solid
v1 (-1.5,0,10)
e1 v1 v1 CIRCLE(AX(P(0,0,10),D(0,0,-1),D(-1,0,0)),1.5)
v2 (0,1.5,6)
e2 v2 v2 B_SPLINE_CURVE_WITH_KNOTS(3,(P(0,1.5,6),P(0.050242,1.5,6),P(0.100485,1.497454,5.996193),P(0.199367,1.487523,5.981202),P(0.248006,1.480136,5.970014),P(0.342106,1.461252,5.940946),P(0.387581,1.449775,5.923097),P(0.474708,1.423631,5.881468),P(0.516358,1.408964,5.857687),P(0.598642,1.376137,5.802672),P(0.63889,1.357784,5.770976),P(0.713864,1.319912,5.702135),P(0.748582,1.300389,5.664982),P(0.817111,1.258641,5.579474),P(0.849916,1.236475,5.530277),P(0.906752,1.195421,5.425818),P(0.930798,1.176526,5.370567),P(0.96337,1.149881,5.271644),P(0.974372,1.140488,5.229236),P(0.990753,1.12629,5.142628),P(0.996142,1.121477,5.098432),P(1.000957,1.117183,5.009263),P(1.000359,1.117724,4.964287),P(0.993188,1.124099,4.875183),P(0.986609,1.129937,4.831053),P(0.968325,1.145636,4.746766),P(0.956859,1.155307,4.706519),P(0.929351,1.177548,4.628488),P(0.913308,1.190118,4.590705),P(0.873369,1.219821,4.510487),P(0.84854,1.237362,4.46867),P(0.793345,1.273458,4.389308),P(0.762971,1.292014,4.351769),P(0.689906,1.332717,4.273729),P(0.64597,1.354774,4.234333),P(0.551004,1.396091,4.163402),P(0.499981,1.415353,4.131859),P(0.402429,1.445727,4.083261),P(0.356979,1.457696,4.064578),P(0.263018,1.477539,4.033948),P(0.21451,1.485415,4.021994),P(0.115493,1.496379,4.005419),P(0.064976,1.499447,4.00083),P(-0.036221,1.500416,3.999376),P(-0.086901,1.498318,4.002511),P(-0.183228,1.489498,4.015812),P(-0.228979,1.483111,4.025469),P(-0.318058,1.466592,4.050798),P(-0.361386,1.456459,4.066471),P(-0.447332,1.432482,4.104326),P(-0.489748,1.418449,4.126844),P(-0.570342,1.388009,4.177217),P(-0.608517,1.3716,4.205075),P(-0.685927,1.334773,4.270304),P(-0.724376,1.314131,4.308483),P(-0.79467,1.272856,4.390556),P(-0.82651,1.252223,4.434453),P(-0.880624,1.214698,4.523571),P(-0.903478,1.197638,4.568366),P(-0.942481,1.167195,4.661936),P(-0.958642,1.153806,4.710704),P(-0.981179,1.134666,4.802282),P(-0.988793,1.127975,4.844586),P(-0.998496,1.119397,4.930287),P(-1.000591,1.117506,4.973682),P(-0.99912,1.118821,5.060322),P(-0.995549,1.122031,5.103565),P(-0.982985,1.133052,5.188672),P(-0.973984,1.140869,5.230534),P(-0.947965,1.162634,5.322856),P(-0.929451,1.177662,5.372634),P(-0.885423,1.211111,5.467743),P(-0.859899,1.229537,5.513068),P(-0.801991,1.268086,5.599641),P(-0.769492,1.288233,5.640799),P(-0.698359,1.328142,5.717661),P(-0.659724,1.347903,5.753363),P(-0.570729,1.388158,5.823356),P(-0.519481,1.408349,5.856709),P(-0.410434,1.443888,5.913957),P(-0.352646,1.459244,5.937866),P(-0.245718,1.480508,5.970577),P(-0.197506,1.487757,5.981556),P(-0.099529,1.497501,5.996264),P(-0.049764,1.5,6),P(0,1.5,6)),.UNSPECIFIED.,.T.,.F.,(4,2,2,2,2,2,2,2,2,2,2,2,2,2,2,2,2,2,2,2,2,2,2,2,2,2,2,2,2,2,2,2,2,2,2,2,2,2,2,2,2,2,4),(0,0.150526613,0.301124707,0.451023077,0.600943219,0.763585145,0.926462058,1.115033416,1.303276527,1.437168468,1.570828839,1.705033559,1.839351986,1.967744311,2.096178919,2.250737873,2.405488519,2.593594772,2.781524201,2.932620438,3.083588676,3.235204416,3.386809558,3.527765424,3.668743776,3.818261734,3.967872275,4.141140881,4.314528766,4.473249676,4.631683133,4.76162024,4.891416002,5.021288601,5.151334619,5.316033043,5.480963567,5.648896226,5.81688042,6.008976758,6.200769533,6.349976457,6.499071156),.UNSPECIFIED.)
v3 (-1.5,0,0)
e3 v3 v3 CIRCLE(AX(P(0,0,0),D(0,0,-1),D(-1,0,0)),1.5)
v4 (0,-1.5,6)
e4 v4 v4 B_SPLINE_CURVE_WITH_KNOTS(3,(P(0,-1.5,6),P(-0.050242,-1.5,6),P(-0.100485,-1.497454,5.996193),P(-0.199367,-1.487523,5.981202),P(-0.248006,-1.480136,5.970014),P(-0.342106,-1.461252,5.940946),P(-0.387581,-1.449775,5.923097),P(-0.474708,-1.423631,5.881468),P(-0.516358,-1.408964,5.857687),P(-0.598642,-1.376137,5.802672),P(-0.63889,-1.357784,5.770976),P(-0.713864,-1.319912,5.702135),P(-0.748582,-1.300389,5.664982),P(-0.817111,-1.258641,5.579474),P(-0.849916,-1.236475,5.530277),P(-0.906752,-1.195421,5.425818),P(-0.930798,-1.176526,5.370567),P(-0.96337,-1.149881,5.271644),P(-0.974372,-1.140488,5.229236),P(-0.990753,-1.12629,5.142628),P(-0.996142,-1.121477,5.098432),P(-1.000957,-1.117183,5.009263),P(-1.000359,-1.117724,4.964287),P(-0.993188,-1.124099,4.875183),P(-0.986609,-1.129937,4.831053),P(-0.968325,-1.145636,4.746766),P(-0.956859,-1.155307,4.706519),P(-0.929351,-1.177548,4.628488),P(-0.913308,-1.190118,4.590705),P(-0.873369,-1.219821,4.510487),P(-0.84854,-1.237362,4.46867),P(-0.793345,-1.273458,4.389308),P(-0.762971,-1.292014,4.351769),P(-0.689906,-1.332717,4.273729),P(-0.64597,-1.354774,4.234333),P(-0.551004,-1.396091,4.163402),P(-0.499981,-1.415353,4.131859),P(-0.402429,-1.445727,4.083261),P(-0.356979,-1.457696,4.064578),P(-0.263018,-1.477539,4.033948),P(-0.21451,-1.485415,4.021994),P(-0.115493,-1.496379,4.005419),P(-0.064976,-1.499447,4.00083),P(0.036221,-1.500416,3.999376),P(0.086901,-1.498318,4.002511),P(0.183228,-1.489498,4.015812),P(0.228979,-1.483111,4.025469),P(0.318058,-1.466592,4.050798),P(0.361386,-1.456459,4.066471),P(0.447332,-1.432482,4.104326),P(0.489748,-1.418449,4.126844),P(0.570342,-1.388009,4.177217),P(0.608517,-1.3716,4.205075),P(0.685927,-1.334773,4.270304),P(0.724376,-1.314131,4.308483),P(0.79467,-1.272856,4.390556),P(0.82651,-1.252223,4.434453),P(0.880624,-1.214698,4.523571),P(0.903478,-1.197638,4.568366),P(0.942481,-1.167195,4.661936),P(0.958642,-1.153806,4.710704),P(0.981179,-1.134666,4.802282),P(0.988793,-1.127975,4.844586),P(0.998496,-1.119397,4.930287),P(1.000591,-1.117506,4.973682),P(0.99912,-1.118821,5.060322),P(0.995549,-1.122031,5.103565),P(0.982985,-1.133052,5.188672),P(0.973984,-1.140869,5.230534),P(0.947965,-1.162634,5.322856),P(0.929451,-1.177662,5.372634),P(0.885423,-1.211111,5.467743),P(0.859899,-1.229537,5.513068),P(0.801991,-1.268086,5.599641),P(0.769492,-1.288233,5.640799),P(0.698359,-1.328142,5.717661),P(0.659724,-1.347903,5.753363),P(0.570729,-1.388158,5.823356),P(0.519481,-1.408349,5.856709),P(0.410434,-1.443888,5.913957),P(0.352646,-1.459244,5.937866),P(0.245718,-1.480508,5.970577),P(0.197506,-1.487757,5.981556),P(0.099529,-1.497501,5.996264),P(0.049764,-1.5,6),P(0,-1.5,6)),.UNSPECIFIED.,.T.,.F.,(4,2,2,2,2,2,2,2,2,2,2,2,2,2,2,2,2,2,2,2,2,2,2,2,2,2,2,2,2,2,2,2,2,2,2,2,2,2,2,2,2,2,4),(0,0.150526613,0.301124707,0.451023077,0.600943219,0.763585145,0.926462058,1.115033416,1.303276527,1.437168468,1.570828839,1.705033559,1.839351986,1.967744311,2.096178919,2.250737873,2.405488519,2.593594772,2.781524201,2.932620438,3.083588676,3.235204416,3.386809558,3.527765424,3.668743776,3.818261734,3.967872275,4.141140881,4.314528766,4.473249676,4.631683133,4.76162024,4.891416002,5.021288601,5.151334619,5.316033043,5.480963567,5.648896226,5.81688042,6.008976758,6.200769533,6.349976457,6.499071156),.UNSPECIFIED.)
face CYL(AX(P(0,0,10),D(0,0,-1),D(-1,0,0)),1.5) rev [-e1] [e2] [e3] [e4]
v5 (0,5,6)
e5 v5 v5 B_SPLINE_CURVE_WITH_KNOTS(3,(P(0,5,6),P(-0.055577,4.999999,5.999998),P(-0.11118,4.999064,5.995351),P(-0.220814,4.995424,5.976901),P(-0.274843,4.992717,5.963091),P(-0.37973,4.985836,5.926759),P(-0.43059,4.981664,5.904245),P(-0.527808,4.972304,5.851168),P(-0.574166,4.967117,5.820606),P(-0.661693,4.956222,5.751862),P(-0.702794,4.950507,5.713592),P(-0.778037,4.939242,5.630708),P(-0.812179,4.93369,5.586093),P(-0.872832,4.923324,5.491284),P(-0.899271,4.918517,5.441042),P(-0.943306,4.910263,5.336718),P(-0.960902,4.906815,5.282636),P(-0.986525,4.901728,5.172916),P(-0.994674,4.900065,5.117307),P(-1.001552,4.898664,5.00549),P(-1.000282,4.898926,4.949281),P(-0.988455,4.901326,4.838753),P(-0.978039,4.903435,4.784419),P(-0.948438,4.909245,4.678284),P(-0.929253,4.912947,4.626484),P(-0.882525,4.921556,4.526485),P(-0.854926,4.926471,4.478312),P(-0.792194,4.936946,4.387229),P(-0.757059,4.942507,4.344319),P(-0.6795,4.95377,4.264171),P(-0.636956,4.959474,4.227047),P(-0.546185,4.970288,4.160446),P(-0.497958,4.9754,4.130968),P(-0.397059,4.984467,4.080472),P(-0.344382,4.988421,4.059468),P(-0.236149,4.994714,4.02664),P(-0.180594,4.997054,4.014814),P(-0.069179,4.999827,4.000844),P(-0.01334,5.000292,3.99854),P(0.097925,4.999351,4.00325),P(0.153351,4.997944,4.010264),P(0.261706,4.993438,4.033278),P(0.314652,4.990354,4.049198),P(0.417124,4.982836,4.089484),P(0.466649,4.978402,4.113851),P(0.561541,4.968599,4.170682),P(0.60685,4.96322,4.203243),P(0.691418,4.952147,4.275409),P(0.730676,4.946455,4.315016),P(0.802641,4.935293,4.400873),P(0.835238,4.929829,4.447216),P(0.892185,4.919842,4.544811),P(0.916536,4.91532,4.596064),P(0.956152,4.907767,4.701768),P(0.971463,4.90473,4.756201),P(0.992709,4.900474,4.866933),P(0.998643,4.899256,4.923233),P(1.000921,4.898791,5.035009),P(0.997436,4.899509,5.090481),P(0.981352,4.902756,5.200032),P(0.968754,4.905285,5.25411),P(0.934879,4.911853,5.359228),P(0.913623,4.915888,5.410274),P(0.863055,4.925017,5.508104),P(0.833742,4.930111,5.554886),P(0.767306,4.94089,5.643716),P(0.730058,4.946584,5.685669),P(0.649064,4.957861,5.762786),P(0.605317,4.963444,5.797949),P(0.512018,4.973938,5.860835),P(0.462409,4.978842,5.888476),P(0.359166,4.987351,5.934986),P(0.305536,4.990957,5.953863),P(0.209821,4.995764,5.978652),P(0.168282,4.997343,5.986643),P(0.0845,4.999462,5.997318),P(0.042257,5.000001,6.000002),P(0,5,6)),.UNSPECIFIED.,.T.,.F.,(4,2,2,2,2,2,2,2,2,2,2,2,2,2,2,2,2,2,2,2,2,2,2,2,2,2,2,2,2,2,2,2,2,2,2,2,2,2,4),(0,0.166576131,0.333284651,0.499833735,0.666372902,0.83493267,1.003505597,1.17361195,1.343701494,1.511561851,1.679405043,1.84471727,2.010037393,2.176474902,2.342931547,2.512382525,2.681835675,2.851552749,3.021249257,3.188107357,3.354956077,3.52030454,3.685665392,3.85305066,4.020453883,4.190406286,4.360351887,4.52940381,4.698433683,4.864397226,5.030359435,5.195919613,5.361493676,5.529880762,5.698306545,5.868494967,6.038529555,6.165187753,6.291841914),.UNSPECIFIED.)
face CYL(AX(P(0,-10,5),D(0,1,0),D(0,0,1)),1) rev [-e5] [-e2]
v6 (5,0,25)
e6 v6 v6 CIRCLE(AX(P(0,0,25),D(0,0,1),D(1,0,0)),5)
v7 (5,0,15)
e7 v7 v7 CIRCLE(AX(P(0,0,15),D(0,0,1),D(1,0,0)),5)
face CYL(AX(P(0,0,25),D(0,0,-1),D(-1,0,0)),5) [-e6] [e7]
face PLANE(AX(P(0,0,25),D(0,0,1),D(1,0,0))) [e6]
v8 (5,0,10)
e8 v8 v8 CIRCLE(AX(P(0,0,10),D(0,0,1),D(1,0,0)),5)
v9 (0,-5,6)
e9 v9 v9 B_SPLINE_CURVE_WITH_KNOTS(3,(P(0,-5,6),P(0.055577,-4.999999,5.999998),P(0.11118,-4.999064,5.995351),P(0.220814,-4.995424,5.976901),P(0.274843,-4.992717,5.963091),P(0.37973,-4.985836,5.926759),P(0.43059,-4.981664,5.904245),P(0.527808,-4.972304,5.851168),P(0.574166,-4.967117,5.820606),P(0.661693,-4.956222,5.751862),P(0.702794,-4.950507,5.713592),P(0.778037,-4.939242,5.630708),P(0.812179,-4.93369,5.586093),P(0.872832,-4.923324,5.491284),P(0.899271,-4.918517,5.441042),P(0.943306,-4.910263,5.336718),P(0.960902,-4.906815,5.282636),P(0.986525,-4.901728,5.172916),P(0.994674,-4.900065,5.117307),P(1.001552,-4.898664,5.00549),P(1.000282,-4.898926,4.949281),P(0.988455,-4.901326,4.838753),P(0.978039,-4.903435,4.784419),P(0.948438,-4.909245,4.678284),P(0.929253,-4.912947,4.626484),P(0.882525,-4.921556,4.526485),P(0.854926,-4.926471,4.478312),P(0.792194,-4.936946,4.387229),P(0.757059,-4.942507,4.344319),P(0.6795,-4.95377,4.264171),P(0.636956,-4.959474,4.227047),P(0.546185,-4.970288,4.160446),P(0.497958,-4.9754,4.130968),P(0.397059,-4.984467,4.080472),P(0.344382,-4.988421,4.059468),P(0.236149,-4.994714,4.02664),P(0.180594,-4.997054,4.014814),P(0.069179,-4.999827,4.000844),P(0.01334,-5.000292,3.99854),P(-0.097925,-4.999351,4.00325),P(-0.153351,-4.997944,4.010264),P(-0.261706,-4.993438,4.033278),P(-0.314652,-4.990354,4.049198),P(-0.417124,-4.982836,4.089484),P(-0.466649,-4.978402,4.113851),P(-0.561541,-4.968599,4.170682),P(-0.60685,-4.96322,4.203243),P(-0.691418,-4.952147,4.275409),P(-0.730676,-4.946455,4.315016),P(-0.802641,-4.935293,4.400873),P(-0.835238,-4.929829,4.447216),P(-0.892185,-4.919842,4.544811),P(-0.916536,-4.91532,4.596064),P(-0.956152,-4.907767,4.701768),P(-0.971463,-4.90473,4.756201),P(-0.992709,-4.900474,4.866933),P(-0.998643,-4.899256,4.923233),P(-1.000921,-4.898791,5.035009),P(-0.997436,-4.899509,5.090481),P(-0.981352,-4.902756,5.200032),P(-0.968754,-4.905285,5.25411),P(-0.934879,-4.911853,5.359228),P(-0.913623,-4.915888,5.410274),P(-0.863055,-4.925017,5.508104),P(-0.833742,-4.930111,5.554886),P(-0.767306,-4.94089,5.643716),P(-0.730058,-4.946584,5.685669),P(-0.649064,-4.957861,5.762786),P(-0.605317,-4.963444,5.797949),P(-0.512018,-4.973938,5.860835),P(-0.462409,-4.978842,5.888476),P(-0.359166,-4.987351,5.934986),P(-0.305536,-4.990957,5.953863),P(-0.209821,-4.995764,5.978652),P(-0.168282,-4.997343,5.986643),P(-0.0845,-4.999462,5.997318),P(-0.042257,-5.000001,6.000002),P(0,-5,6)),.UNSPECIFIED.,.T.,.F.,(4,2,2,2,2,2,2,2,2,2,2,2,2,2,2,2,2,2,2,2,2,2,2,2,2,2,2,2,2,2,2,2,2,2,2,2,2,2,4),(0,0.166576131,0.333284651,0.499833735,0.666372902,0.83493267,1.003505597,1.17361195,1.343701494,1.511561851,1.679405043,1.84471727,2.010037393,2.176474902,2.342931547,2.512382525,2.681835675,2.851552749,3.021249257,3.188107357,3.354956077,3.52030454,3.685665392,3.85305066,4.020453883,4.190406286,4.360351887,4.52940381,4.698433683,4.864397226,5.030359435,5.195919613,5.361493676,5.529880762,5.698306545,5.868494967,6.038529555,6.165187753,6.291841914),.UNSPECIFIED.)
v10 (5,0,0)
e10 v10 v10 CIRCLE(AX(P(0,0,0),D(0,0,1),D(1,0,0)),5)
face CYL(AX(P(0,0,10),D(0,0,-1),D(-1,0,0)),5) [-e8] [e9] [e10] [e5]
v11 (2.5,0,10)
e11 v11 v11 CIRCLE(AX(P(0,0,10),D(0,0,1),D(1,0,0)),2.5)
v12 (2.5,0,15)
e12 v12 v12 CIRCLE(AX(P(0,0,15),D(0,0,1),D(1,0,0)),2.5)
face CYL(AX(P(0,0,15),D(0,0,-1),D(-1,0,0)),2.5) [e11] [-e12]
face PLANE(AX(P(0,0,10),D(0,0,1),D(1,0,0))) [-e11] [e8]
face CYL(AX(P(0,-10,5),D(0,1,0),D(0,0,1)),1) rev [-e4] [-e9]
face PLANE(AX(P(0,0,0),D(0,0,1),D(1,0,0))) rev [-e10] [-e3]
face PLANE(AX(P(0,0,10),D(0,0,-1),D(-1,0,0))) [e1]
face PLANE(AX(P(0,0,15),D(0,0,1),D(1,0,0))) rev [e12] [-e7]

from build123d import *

# Parameters (mm, degrees)
ESQUISSE1_R                  = 5
BOSS_EXTRU_1_DEPTH           = 10
ESQUISSE2_R                  = 2.5
BOSS_EXTRU_2_DEPTH           = 5
ESQUISSE3_R                  = 5
BOSS_EXTRU_4_DEPTH           = 10
ESQUISSE4_R                  = 1.5
ENL_V_MAT_EXTRU_1_DEPTH      = 10
ENL_V_MAT_EXTRU_2_DEPTH      = 10
ENL_V_MAT_EXTRU_2_DEPTH_BACK = 10
ESQUISSE5_R                  = 1


with BuildPart() as part:
    # Esquisse1 → Boss.-Extru.1 (new body)
    with BuildSketch(Plane.XY):
        Circle(ESQUISSE1_R)
    extrude(amount=BOSS_EXTRU_1_DEPTH)

    # Esquisse2 → Boss.-Extru.2 (add)
    with BuildSketch(Plane.XY.offset(10)):
        Circle(ESQUISSE2_R)
    extrude(amount=BOSS_EXTRU_2_DEPTH)

    # Esquisse3 → Boss.-Extru.4 (add)
    with BuildSketch(Plane.XY.offset(15)):
        Circle(ESQUISSE3_R)
    extrude(amount=BOSS_EXTRU_4_DEPTH)

    # Esquisse4 → Enlèv. mat.-Extru.1 (cut)
    with BuildSketch(Plane(origin=(0, 0, 0), x_dir=(-1, 0, 0), z_dir=(0, 0, -1))):
        Circle(ESQUISSE4_R)
    extrude(amount=-ENL_V_MAT_EXTRU_1_DEPTH, mode=Mode.SUBTRACT)

    # Esquisse5 → Enlèv. mat.-Extru.2 (cut, two sides: drawn at the far end of the back side and taken through both)
    with BuildSketch(Plane(origin=(0, 0, 0), x_dir=(1, 0, 0), z_dir=(0, 1, 0)).offset(-ENL_V_MAT_EXTRU_2_DEPTH_BACK)):
        with Locations((0, -5)):
            Circle(ESQUISSE5_R)
    extrude(amount=ENL_V_MAT_EXTRU_2_DEPTH + ENL_V_MAT_EXTRU_2_DEPTH_BACK, mode=Mode.SUBTRACT)


solid = part.part
